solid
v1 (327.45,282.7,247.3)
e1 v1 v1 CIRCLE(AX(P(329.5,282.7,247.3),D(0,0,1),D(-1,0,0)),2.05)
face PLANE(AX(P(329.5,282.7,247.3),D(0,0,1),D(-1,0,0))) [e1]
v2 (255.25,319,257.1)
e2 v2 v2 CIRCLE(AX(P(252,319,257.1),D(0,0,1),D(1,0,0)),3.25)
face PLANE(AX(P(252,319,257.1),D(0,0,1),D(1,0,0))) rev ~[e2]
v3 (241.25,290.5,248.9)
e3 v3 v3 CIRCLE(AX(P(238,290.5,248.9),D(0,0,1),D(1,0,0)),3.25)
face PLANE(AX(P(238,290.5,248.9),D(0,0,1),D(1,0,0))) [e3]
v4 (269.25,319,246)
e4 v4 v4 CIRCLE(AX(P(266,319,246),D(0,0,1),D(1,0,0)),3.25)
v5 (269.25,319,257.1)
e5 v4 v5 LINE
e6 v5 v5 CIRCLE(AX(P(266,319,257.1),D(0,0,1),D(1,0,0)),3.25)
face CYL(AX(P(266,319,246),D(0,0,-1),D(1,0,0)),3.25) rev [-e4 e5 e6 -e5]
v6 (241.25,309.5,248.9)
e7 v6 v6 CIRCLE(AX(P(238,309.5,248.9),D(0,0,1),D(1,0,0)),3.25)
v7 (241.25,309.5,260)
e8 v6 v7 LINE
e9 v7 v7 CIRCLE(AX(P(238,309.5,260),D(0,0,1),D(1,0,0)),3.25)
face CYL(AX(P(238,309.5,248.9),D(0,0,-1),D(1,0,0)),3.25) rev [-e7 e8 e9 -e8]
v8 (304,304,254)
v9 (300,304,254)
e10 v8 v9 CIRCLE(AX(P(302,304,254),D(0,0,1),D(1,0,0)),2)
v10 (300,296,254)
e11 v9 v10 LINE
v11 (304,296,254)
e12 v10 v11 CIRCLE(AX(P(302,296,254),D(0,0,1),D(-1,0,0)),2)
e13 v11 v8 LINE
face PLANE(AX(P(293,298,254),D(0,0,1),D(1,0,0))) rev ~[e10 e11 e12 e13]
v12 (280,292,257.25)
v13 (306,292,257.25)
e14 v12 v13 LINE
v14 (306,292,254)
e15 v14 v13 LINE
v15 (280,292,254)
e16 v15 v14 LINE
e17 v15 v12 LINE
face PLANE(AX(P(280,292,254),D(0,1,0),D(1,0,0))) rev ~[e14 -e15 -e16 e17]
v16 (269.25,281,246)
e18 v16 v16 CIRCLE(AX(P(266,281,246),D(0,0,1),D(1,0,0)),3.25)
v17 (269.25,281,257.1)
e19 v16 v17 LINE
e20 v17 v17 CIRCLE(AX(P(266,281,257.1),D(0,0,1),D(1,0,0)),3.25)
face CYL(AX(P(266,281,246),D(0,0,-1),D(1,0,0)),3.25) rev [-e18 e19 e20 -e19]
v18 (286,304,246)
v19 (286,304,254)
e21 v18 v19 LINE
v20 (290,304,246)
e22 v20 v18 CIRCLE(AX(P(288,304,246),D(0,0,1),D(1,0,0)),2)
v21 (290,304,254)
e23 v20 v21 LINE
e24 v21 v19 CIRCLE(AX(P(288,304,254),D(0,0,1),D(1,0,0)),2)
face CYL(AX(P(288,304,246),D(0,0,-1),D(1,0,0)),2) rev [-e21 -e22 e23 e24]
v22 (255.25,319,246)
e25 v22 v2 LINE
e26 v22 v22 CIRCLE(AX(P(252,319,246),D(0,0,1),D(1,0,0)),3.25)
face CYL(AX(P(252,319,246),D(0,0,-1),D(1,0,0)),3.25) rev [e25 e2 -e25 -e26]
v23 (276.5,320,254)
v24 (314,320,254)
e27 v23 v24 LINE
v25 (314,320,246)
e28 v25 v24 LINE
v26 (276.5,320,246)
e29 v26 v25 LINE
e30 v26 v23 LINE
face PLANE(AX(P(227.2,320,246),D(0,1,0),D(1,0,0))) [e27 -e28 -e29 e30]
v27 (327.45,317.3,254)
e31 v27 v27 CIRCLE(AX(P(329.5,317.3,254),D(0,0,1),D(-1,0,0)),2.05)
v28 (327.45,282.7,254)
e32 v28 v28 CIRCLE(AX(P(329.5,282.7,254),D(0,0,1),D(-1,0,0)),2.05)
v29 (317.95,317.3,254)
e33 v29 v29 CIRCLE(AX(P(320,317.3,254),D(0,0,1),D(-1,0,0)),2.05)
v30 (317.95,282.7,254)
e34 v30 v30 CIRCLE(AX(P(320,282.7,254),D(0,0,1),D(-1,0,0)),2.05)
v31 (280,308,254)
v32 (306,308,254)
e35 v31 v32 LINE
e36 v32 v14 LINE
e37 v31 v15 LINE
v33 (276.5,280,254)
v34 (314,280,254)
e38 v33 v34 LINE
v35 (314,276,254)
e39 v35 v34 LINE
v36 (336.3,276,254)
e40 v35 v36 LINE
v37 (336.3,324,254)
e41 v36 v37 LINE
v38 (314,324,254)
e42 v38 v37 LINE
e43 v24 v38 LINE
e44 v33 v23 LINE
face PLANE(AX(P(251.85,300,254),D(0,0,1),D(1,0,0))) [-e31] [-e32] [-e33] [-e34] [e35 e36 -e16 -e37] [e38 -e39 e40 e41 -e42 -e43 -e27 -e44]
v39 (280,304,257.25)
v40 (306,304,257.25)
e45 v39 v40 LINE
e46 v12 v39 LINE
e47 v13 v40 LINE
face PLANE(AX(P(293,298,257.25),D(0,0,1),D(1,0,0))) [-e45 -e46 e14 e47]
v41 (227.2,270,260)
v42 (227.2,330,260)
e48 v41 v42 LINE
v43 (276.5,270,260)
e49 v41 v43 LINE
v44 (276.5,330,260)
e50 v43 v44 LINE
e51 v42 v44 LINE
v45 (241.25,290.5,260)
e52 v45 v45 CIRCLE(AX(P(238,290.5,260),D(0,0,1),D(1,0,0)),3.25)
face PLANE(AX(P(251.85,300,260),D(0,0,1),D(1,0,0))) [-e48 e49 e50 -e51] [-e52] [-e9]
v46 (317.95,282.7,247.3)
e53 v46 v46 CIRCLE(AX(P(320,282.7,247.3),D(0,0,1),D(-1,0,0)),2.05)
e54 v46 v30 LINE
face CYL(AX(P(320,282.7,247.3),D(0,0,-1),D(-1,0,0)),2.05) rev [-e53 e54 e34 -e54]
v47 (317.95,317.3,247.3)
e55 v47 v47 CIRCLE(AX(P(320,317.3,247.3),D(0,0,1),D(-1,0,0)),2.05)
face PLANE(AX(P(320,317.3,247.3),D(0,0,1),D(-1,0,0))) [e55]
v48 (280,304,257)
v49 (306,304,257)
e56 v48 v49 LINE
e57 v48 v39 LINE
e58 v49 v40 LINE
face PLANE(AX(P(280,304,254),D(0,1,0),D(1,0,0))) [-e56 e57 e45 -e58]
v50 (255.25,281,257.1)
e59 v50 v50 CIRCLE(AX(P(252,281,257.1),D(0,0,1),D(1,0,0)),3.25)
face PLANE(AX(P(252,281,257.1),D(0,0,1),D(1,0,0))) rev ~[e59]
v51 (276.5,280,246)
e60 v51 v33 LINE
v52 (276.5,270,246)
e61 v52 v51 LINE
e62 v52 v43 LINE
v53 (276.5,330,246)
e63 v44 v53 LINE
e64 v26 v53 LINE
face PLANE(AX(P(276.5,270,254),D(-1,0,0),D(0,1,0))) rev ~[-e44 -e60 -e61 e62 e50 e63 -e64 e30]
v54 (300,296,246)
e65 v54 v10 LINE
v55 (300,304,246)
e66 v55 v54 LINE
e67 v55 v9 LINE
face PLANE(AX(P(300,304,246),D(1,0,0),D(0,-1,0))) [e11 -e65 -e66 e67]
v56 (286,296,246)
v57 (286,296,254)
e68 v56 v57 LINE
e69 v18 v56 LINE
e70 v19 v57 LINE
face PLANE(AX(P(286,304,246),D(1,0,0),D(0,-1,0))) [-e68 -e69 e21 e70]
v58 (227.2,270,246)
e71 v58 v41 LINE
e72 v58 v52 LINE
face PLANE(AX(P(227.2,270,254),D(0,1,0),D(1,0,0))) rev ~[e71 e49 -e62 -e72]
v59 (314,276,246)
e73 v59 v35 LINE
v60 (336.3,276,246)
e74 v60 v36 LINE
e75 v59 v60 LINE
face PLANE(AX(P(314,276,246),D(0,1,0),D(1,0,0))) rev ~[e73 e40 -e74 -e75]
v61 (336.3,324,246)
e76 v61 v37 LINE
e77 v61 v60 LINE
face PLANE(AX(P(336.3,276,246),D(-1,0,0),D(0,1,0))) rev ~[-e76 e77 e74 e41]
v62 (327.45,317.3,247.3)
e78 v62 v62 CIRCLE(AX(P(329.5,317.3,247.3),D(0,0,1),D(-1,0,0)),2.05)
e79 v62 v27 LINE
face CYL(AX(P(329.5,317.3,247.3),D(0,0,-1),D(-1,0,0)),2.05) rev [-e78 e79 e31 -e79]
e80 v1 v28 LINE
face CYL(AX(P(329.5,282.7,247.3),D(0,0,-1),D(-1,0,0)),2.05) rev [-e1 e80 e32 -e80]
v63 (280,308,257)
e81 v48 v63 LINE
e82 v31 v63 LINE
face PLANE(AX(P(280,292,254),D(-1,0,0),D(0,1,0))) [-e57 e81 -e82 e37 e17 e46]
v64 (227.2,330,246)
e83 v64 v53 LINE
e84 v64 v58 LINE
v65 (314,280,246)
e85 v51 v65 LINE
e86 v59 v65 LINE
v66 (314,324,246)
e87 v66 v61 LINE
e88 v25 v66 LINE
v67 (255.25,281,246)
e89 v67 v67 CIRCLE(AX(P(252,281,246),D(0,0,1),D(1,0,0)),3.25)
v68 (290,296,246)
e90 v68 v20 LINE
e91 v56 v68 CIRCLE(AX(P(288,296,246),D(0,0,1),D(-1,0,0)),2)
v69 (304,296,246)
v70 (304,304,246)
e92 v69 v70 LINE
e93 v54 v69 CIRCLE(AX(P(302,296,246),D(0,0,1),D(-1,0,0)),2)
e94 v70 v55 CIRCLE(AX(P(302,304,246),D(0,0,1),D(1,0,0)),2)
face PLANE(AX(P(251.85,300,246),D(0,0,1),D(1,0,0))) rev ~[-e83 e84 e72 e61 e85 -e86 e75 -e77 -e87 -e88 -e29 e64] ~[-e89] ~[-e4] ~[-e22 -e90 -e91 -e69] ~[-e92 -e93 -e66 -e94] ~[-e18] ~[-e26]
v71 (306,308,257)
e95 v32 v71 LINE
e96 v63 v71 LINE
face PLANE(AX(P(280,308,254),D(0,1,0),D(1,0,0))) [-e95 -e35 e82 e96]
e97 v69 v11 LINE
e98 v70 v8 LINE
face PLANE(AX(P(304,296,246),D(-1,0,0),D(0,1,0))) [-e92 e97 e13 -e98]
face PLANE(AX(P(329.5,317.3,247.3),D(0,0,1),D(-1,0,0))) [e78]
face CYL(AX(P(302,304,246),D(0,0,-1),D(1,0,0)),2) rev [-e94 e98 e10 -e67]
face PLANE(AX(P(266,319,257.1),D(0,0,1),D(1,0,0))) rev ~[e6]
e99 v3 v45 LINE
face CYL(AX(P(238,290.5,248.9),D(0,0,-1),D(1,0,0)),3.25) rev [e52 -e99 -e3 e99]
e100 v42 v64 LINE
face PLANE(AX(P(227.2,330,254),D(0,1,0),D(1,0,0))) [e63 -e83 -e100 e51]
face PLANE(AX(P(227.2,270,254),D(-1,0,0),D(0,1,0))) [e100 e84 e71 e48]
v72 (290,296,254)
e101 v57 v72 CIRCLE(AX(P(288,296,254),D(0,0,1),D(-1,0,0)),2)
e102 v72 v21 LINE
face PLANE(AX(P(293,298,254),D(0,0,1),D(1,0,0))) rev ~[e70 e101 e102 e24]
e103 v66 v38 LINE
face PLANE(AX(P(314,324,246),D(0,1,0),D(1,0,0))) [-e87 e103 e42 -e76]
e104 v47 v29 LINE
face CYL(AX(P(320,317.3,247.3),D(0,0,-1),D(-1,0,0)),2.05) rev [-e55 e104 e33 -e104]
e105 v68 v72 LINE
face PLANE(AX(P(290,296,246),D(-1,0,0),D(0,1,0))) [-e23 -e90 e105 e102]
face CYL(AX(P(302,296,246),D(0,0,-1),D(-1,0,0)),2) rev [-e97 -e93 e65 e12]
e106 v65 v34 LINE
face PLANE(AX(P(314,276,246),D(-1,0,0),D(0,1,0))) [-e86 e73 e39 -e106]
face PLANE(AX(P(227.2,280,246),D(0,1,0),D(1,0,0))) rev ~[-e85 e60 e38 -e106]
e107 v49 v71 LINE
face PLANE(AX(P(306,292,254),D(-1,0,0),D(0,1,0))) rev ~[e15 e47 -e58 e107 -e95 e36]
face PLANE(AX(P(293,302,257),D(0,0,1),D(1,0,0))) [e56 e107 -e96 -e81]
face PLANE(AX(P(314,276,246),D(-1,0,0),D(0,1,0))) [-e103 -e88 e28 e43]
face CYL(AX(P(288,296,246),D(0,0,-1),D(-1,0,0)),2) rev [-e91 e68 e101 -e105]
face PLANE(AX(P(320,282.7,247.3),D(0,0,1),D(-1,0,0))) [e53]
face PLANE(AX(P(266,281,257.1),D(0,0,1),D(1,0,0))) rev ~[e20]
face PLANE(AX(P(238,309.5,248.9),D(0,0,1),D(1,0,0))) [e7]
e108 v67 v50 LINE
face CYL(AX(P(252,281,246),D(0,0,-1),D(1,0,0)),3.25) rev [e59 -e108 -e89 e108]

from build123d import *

# Parameters (mm, degrees)
SKETCH1_W           = 109.1
SKETCH1_H           = 40
BOSS_EXTRUDE1_DEPTH = 8
SKETCH2_W           = 22.3
SKETCH2_H           = 48
BOSS_EXTRUDE2_DEPTH = 8
SKETCH3_W           = 49.3
SKETCH3_H           = 60
BOSS_EXTRUDE3_DEPTH = 8
SKETCH4_W           = 49.3
SKETCH4_H           = 60
BOSS_EXTRUDE4_DEPTH = 6
SKETCH5_R           = 3.25
CUT_EXTRUDE1_DEPTH  = 11.1
SKETCH6_R           = 3.25
CUT_EXTRUDE2_DEPTH  = 11.1
SKETCH7_R           = 2.05
CUT_EXTRUDE3_DEPTH  = 6.7
SKETCH8_W           = 26
SKETCH8_H           = 12
BOSS_EXTRUDE5_DEPTH = 3.25
SKETCH9_W           = 26
SKETCH9_H           = 12
BOSS_EXTRUDE6_DEPTH = 3


with BuildPart() as part:
    # Sketch1 → Boss-Extrude1 (new body)
    with BuildSketch(Plane.XY.offset(246)):
        with Locations((281.75, 300)):
            Rectangle(SKETCH1_W, SKETCH1_H)
        with BuildLine():
            Line((290, 296), (290, 304))
            ThreePointArc((290, 304), (288, 306), (286, 304))
            Line((286, 304), (286, 296))
            ThreePointArc((286, 296), (288, 294), (290, 296))
        make_face(mode=Mode.SUBTRACT)
        with BuildLine():
            Line((304, 296), (304, 304))
            ThreePointArc((304, 304), (302, 306), (300, 304))
            Line((300, 304), (300, 296))
            ThreePointArc((300, 296), (302, 294), (304, 296))
        make_face(mode=Mode.SUBTRACT)
    extrude(amount=BOSS_EXTRUDE1_DEPTH)

    # Sketch2 → Boss-Extrude2 (add)
    with BuildSketch(Plane.XY.offset(246)):
        with Locations((325.15, 300)):
            Rectangle(SKETCH2_W, SKETCH2_H)
    extrude(amount=BOSS_EXTRUDE2_DEPTH)

    # Sketch3 → Boss-Extrude3 (add)
    with BuildSketch(Plane.XY.offset(246)):
        with Locations((251.85, 300)):
            Rectangle(SKETCH3_W, SKETCH3_H)
    extrude(amount=BOSS_EXTRUDE3_DEPTH)

    # Sketch4 → Boss-Extrude4 (add)
    with BuildSketch(Plane.XY.offset(254)):
        with Locations((251.85, 300)):
            Rectangle(SKETCH4_W, SKETCH4_H)
    extrude(amount=BOSS_EXTRUDE4_DEPTH)

    # Sketch5 → Cut-Extrude1 (cut)
    with BuildSketch(Plane.XY.offset(248.9)):
        with Locations((238, 290.5)):
            Circle(SKETCH5_R)
        with Locations((238, 309.5)):
            Circle(SKETCH5_R)
    extrude(amount=CUT_EXTRUDE1_DEPTH, mode=Mode.SUBTRACT)

    # Sketch6 → Cut-Extrude2 (cut)
    with BuildSketch(Plane.XY.offset(246)):
        with Locations((252, 281)):
            Circle(SKETCH6_R)
        with Locations((252, 319)):
            Circle(SKETCH6_R)
        with Locations((266, 281)):
            Circle(SKETCH6_R)
        with Locations((266, 319)):
            Circle(SKETCH6_R)
    extrude(amount=CUT_EXTRUDE2_DEPTH, mode=Mode.SUBTRACT)

    # Sketch7 → Cut-Extrude3 (cut)
    with BuildSketch(Plane.XY.offset(247.3)):
        with Locations((320, 282.7)):
            Circle(SKETCH7_R)
        with Locations((320, 317.3)):
            Circle(SKETCH7_R)
        with Locations((329.5, 282.7)):
            Circle(SKETCH7_R)
        with Locations((329.5, 317.3)):
            Circle(SKETCH7_R)
    extrude(amount=CUT_EXTRUDE3_DEPTH, mode=Mode.SUBTRACT)

    # Sketch8 → Boss-Extrude5 (add)
    with BuildSketch(Plane.XY.offset(254)):
        with Locations((293, 298)):
            Rectangle(SKETCH8_W, SKETCH8_H)
    extrude(amount=BOSS_EXTRUDE5_DEPTH)

    # Sketch9 → Boss-Extrude6 (add)
    with BuildSketch(Plane.XY.offset(254)):
        with Locations((293, 302)):
            Rectangle(SKETCH9_W, SKETCH9_H)
    extrude(amount=BOSS_EXTRUDE6_DEPTH)


solid = part.part
